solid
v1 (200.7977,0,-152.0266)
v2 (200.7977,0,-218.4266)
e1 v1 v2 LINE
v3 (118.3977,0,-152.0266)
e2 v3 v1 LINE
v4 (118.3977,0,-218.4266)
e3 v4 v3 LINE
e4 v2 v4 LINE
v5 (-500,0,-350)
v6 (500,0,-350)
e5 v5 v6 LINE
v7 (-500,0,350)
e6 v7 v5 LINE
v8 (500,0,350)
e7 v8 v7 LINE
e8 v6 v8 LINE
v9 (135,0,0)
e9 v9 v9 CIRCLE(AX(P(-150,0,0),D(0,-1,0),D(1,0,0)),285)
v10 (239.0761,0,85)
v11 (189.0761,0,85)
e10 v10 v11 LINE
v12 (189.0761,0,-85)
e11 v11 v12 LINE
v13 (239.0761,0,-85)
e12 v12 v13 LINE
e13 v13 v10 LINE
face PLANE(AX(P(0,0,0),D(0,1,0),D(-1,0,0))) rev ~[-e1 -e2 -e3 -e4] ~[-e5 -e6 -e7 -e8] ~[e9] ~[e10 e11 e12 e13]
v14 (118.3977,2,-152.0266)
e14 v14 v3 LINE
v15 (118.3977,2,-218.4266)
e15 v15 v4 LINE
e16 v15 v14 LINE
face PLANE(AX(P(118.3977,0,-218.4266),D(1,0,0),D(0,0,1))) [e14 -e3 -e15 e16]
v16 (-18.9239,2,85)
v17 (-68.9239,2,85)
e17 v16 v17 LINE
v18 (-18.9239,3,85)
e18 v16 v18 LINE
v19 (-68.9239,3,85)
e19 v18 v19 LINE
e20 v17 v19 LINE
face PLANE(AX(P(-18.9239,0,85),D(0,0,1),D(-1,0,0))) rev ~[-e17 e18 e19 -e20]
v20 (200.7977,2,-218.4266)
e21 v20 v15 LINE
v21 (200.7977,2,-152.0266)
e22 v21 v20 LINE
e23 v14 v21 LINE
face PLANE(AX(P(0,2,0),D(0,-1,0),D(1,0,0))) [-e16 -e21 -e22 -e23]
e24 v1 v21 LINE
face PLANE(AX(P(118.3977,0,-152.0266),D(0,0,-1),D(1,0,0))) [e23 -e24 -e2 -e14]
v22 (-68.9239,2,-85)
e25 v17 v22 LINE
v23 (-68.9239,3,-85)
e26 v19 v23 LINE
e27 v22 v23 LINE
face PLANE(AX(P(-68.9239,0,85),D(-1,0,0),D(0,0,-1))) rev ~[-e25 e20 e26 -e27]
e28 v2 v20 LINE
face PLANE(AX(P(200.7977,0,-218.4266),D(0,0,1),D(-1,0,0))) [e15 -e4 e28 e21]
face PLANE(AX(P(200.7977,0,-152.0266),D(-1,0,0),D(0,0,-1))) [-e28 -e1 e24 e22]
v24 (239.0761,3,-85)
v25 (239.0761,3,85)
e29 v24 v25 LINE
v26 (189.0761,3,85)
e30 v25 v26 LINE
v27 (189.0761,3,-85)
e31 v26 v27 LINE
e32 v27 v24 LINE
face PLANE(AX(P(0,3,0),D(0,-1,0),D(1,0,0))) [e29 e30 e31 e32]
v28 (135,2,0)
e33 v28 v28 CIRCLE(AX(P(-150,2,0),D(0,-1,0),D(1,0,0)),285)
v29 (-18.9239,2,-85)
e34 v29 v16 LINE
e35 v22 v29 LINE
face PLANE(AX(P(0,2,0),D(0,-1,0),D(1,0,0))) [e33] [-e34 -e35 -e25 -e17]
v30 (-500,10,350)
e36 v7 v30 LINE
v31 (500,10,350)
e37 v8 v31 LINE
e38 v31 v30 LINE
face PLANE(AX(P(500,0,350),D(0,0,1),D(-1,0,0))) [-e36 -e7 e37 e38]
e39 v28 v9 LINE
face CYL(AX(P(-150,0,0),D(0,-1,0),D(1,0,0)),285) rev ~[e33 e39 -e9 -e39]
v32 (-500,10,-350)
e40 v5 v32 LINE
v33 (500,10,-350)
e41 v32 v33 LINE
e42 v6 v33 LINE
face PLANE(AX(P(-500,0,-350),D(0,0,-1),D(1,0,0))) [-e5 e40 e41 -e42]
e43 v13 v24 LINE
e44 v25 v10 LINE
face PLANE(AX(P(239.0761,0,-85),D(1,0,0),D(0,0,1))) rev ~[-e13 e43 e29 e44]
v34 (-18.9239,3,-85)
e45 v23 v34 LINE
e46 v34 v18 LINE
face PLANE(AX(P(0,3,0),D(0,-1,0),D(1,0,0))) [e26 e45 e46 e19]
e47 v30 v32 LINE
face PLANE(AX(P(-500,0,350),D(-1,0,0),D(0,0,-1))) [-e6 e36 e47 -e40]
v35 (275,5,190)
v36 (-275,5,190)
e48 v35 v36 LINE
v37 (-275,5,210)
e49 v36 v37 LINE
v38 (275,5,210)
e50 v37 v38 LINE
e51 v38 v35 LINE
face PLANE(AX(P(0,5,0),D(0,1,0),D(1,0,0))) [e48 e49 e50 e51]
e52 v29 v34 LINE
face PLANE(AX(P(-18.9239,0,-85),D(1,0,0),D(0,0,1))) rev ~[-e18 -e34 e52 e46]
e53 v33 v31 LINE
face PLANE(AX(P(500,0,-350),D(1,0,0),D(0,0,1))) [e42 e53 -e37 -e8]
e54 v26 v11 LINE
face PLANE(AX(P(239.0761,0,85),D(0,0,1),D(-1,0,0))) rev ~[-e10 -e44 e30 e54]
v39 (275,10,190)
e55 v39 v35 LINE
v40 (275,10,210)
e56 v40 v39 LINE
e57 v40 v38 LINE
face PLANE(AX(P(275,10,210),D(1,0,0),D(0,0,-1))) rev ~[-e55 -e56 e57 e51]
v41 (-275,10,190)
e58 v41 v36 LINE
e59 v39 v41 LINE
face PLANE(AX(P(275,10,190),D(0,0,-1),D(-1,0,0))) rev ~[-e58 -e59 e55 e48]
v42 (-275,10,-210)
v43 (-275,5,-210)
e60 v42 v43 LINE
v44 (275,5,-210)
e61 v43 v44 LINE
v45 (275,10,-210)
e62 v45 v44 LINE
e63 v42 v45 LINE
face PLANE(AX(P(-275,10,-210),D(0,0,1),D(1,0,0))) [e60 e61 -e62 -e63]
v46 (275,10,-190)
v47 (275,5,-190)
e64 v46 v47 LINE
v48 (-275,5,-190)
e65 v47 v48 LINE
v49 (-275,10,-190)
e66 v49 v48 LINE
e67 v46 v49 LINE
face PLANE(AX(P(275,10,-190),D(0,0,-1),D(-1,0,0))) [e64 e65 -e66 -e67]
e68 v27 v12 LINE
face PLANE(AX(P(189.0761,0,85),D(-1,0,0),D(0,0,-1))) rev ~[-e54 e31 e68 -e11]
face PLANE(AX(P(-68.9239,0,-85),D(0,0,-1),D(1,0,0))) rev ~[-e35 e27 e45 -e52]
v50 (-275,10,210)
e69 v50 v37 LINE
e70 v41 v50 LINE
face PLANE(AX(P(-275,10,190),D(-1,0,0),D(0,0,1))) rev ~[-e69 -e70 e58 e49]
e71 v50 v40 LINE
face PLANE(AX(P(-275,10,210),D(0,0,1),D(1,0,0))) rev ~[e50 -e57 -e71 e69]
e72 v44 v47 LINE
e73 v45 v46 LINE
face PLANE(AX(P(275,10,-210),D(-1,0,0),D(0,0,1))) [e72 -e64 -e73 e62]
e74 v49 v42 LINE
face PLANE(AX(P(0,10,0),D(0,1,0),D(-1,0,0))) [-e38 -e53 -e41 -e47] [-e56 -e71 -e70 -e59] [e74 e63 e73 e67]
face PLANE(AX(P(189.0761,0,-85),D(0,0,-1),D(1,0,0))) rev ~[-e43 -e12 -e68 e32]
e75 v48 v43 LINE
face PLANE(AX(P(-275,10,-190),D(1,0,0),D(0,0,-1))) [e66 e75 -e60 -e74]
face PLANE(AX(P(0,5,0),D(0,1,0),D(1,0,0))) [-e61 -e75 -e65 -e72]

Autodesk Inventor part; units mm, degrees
ref_plane "YZ Plane" through (0, 0, 0) normal (1, 0, 0) x (0, 1, 0)
ref_plane "XZ Plane" through (0, 0, 0) normal (0, 1, 0) x (-1, 0, 0)
ref_plane "XY Plane" through (0, 0, 0) normal (0, 0, 1) x (1, 0, 0)
sketch "Sketch1" plane through (0, 0, 0) normal (0, 1, 0) x (-1, 0, 0)
  line L0 (500, -350) -> (-500, -350)
  line L1 (-500, -350) -> (-500, 350)
  line L2 (-500, 350) -> (500, 350)
  line L3 (500, 350) -> (500, -350)
  line L4 (500, -350) -> (-500, 350) construction
  line L5 (-500, -350) -> (500, 350) construction
  point P0 (0, 0)
  dimension "d0" = 1000
  dimension "d1" = 700
extrude "Extrusion1" add sketch "Sketch1" along normal blind 10
sketch "Sketch2" plane through (0, 10, 0) normal (0, 1, 0) x (1, 0, 0)
  line L0 (-500, -350) -> (500, -350) projected
  line L1 (500, -350) -> (500, 350) projected
  line L2 (500, 350) -> (-500, 350) projected
  line L3 (-500, 350) -> (-500, -350) projected
  line L4 (-275, -210) -> (275, -210) construction
  line L5 (275, -210) -> (275, 210) construction
  line L6 (275, 210) -> (-275, 210) construction
  line L7 (-275, 210) -> (-275, -210) construction
  line L8 (-275, -210) -> (275, 210) construction
  line L9 (275, -210) -> (-275, 210) construction
  line L10 (-275, -210) -> (275, -210)
  line L11 (275, -210) -> (275, -190)
  line L12 (275, -190) -> (-275, -190)
  line L13 (-275, -190) -> (-275, -210)
  line L14 (-275, 210) -> (275, 210)
  line L15 (275, 210) -> (275, 190)
  line L16 (275, 190) -> (-275, 190)
  line L17 (-275, 190) -> (-275, 210)
  point P0 (0, 0)
  dimension "d4" = 550
  dimension "d5" = 420
  dimension "d6" = 20
  dimension "d7" = 20
extrude "Extrusion2" cut sketch "Sketch2" against normal blind 5 contours L13 L12 L11 L10 | L14 L15 L16 L17
sketch "Sketch3" plane through (0, 0, 0) normal (0, -1, 0) x (1, 0, 0)
  line L0 (-500, 350) -> (500, 350) projected
  line L1 (-500, -350) -> (-500, 350) projected
  line L2 (500, -350) -> (-500, -350) projected
  line L3 (500, 350) -> (500, -350) projected
  line L4 (500, -350) -> (-500, -350) construction
  line L5 (0, -350) -> (0, 350) construction
  line L6 (-500, -350) -> (-500, 350) construction
  line L7 (-500, 0) -> (500, 0) construction
  circle A0 centre (-150, 0) radius 285
  circle A1 centre (-150, 0) radius 325 construction
  line L8 (200.7977, -218.4266) -> (118.3977, -218.4266)
  line L9 (118.3977, -218.4266) -> (118.3977, -152.0266)
  line L10 (118.3977, -152.0266) -> (200.7977, -152.0266)
  line L11 (200.7977, -152.0266) -> (200.7977, -218.4266)
  line L12 (-18.9239, 85) -> (-68.9239, 85)
  line L13 (-68.9239, 85) -> (-68.9239, -85)
  line L14 (-68.9239, -85) -> (-18.9239, -85)
  line L15 (-18.9239, -85) -> (-18.9239, 85)
  line L16 (239.0761, 85) -> (189.0761, 85)
  line L17 (189.0761, 85) -> (189.0761, -85)
  line L18 (189.0761, -85) -> (239.0761, -85)
  line L19 (239.0761, -85) -> (239.0761, 85)
  circle A2 centre (-150, 0) radius 160 construction
  line L20 (200.7977, -152.0266) -> (118.3977, -218.4266) construction
  line L21 (118.3977, -152.0266) -> (200.7977, -218.4266) construction
  circle A3 centre (159.5977, -185.2266) radius 48 construction
  line L22 (239.0761, -85) -> (189.0761, 85) construction
  line L23 (239.0761, 85) -> (189.0761, -85) construction
  line L24 (-18.9239, -85) -> (-68.9239, 85) construction
  line L25 (-18.9239, 85) -> (-68.9239, -85) construction
  line L26 (214.0761, 0) -> (-43.9239, 0) construction
  point P0 (0, 0)
  point P1 (85.0761, 0)
  dimension "d10" = 570
  dimension "d11" = 650
  dimension "d12" = 82.4
  dimension "d13" = 66.4
  dimension "d14" = 50
  dimension "d15" = 170
  dimension "d16" = 50
  dimension "d17" = 170
  dimension "d18" = 320
  dimension "d19" = 350
  dimension "d20" = 96
  dimension "d21" = 258
extrude "Extrusion3" cut sketch "Sketch3" against normal blind 1 contours A0 | L8 L9 L10 L11
extrude "Extrusion4" cut sketch "Sketch3" against normal blind 2 contours L15 L14 L13 L12 | L19 L18 L17 L16
extrude "Extrusion5" cut sketch "Sketch3" against normal blind 0.1 contours A0 | L8 L9 L10 L11
extrude "Extrusion6" cut sketch "Sketch3" against normal blind 1 contours A0 | L8 L9 L10 L11
extrude "Extrusion7" cut sketch "Sketch3" against normal blind 2 contours A0 | L8 L9 L10 L11
extrude "Extrusion8" cut sketch "Sketch3" against normal blind 3 contours L15 L14 L13 L12 | L19 L18 L17 L16
properties part number "Base Plate" material "Acetal Resin, White"
